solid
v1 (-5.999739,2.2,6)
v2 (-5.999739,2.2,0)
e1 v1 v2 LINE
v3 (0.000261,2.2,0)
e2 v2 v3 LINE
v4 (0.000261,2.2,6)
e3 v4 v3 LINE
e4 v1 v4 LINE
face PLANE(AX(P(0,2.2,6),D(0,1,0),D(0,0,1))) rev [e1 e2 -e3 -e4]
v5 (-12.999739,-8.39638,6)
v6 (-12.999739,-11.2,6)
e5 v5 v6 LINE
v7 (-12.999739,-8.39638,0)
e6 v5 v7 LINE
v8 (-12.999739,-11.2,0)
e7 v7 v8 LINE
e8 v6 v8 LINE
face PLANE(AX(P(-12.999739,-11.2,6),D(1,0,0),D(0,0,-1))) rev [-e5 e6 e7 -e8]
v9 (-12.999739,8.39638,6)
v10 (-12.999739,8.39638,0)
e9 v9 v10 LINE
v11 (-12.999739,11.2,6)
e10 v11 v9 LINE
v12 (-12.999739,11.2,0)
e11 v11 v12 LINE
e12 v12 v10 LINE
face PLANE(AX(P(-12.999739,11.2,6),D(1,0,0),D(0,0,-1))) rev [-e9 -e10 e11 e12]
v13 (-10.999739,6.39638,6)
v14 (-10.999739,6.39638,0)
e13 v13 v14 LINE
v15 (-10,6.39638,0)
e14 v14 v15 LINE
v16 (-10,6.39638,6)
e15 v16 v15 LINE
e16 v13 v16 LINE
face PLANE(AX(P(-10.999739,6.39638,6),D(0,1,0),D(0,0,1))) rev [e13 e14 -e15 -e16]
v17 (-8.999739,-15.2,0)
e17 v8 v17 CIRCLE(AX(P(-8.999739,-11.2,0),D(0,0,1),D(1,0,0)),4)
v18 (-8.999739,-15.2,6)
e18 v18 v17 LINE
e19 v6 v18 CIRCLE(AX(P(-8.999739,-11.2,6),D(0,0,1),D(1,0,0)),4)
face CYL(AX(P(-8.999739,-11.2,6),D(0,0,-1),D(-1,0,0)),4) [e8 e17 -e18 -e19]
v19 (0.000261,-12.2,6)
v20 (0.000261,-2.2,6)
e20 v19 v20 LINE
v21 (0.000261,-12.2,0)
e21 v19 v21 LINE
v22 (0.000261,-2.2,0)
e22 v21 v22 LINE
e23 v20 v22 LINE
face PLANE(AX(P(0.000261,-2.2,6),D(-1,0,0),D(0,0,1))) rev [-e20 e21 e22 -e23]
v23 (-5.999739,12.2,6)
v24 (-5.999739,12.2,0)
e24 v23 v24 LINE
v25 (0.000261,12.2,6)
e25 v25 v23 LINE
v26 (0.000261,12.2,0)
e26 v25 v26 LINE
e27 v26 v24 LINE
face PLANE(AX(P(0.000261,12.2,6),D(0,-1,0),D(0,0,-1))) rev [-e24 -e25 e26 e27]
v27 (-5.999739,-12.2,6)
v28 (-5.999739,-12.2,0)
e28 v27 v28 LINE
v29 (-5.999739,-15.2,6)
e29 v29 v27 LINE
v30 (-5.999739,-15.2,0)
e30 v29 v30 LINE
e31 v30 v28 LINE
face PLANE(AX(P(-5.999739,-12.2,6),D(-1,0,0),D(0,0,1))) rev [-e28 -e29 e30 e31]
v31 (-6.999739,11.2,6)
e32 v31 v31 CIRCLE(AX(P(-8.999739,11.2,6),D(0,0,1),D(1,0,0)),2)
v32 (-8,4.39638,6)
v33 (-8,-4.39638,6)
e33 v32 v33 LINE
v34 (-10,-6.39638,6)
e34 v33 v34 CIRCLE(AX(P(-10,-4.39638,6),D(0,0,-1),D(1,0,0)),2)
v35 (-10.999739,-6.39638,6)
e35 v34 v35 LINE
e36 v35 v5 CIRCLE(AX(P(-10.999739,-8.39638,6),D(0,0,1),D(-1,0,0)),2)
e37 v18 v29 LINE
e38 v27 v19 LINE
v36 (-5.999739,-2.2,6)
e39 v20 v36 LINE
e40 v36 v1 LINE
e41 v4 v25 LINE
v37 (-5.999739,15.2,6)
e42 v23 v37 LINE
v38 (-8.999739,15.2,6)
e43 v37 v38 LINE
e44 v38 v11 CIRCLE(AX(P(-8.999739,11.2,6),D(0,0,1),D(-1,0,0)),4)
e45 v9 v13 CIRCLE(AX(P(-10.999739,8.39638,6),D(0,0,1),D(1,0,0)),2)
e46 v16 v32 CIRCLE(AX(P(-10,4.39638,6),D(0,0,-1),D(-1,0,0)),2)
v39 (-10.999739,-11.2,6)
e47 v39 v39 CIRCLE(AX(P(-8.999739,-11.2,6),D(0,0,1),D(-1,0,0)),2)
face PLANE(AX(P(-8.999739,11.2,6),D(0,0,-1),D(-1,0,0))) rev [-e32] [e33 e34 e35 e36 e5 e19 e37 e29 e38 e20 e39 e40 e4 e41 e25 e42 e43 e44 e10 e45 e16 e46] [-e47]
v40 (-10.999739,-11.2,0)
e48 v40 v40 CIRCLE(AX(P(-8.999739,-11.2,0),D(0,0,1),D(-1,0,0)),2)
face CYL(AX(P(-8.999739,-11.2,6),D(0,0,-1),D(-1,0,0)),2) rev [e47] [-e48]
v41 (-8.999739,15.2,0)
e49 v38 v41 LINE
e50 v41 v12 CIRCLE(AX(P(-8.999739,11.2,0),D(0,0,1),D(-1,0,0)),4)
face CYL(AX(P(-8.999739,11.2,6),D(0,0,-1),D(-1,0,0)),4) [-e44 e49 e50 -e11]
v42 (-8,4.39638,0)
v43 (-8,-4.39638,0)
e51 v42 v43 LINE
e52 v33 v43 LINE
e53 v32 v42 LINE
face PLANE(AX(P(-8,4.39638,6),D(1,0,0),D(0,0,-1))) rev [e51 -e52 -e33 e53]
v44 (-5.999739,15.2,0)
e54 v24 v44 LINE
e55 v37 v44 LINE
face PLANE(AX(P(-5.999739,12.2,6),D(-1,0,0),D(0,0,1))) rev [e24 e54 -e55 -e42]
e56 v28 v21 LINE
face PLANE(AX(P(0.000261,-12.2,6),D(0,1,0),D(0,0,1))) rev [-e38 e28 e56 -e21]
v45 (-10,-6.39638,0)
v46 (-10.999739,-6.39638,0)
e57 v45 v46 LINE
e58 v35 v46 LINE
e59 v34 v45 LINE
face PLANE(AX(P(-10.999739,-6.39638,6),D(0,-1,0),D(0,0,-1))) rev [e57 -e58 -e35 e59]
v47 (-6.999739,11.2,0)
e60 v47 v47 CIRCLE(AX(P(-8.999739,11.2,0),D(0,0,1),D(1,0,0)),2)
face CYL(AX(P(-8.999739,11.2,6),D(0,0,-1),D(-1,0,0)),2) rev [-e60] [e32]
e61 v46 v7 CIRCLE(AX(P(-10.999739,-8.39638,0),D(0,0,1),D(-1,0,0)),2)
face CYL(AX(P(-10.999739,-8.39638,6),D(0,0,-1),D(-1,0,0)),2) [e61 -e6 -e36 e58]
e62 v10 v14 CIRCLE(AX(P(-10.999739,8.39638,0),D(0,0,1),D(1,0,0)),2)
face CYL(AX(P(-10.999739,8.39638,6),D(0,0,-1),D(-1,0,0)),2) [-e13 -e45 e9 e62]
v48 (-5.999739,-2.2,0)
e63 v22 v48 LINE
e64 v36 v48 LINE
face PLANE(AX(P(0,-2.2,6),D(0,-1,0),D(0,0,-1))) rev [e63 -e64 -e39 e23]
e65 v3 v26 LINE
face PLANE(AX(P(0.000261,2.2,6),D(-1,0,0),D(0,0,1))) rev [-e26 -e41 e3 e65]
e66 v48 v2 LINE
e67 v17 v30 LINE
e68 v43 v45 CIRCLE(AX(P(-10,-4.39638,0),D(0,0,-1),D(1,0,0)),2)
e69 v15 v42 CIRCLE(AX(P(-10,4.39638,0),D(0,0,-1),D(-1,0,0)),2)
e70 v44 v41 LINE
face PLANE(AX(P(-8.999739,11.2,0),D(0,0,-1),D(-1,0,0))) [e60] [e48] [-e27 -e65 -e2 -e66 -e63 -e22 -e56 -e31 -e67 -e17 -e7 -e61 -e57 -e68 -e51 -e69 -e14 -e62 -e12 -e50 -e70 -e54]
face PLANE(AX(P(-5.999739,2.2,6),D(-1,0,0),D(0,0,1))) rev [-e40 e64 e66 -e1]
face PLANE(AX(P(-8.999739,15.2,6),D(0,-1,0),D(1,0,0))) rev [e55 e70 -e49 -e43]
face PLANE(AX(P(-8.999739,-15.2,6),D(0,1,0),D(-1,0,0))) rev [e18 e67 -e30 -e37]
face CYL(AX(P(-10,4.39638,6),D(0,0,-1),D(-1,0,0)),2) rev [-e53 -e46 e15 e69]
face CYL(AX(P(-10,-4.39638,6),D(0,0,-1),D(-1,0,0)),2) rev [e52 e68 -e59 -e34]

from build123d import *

# Parameters (mm, degrees)
ESQUISSE1_R        = 2
BOSS_EXTRU_1_DEPTH = 6


with BuildPart() as part:
    # Esquisse1 → Boss.-Extru.1 (new body)
    with BuildSketch(Plane.XY):
        with BuildLine():
            Line((-8.999739216, 15.2), (-5.999739216, 15.2))
            Line((-5.999739216, 15.2), (-5.999739216, 12.2))
            Line((-5.999739216, 12.2), (0.000260784, 12.2))
            Line((0.000260784, 12.2), (0, 2.2))
            Line((0, 2.2), (-5.999739216, 2.2))
            Line((-5.999739216, 2.2), (-5.999739216, -2.2))
            Line((-5.999739216, -2.2), (0.000260784, -2.2))
            Line((0.000260784, -2.2), (0.000260784, -12.2))
            Line((0.000260784, -12.2), (-5.999739216, -12.2))
            Line((-5.999739216, -12.2), (-5.999739216, -15.2))
            Line((-5.999739216, -15.2), (-8.999739216, -15.2))
            ThreePointArc((-8.999739216, -15.2), (-11.82816634, -14.028427125), (-12.999739216, -11.2))
            Line((-12.999739216, -11.2), (-12.999739216, -8.39638009))
            ThreePointArc((-12.999739216, -8.39638009), (-12.413952778, -6.982166528), (-10.999739216, -6.39638009))
            Line((-10.999739216, -6.39638009), (-10, -6.39638009))
            ThreePointArc((-10, -6.39638009), (-8.585786438, -5.810593653), (-8, -4.39638009))
            Line((-8, -4.39638009), (-8, 4.39638009))
            ThreePointArc((-8, 4.39638009), (-8.585786438, 5.810593653), (-10, 6.39638009))
            Line((-10, 6.39638009), (-10.999739216, 6.39638009))
            ThreePointArc((-10.999739216, 6.39638009), (-12.413952778, 6.982166528), (-12.999739216, 8.39638009))
            Line((-12.999739216, 8.39638009), (-12.999739216, 11.2))
            ThreePointArc((-12.999739216, 11.2), (-11.82816634, 14.028427125), (-8.999739216, 15.2))
        make_face()
        with Locations((-8.999739216, 11.2)):
            Circle(ESQUISSE1_R, mode=Mode.SUBTRACT)
        with Locations((-8.999739216, -11.2)):
            Circle(ESQUISSE1_R, mode=Mode.SUBTRACT)
    extrude(amount=BOSS_EXTRU_1_DEPTH)


solid = part.part
